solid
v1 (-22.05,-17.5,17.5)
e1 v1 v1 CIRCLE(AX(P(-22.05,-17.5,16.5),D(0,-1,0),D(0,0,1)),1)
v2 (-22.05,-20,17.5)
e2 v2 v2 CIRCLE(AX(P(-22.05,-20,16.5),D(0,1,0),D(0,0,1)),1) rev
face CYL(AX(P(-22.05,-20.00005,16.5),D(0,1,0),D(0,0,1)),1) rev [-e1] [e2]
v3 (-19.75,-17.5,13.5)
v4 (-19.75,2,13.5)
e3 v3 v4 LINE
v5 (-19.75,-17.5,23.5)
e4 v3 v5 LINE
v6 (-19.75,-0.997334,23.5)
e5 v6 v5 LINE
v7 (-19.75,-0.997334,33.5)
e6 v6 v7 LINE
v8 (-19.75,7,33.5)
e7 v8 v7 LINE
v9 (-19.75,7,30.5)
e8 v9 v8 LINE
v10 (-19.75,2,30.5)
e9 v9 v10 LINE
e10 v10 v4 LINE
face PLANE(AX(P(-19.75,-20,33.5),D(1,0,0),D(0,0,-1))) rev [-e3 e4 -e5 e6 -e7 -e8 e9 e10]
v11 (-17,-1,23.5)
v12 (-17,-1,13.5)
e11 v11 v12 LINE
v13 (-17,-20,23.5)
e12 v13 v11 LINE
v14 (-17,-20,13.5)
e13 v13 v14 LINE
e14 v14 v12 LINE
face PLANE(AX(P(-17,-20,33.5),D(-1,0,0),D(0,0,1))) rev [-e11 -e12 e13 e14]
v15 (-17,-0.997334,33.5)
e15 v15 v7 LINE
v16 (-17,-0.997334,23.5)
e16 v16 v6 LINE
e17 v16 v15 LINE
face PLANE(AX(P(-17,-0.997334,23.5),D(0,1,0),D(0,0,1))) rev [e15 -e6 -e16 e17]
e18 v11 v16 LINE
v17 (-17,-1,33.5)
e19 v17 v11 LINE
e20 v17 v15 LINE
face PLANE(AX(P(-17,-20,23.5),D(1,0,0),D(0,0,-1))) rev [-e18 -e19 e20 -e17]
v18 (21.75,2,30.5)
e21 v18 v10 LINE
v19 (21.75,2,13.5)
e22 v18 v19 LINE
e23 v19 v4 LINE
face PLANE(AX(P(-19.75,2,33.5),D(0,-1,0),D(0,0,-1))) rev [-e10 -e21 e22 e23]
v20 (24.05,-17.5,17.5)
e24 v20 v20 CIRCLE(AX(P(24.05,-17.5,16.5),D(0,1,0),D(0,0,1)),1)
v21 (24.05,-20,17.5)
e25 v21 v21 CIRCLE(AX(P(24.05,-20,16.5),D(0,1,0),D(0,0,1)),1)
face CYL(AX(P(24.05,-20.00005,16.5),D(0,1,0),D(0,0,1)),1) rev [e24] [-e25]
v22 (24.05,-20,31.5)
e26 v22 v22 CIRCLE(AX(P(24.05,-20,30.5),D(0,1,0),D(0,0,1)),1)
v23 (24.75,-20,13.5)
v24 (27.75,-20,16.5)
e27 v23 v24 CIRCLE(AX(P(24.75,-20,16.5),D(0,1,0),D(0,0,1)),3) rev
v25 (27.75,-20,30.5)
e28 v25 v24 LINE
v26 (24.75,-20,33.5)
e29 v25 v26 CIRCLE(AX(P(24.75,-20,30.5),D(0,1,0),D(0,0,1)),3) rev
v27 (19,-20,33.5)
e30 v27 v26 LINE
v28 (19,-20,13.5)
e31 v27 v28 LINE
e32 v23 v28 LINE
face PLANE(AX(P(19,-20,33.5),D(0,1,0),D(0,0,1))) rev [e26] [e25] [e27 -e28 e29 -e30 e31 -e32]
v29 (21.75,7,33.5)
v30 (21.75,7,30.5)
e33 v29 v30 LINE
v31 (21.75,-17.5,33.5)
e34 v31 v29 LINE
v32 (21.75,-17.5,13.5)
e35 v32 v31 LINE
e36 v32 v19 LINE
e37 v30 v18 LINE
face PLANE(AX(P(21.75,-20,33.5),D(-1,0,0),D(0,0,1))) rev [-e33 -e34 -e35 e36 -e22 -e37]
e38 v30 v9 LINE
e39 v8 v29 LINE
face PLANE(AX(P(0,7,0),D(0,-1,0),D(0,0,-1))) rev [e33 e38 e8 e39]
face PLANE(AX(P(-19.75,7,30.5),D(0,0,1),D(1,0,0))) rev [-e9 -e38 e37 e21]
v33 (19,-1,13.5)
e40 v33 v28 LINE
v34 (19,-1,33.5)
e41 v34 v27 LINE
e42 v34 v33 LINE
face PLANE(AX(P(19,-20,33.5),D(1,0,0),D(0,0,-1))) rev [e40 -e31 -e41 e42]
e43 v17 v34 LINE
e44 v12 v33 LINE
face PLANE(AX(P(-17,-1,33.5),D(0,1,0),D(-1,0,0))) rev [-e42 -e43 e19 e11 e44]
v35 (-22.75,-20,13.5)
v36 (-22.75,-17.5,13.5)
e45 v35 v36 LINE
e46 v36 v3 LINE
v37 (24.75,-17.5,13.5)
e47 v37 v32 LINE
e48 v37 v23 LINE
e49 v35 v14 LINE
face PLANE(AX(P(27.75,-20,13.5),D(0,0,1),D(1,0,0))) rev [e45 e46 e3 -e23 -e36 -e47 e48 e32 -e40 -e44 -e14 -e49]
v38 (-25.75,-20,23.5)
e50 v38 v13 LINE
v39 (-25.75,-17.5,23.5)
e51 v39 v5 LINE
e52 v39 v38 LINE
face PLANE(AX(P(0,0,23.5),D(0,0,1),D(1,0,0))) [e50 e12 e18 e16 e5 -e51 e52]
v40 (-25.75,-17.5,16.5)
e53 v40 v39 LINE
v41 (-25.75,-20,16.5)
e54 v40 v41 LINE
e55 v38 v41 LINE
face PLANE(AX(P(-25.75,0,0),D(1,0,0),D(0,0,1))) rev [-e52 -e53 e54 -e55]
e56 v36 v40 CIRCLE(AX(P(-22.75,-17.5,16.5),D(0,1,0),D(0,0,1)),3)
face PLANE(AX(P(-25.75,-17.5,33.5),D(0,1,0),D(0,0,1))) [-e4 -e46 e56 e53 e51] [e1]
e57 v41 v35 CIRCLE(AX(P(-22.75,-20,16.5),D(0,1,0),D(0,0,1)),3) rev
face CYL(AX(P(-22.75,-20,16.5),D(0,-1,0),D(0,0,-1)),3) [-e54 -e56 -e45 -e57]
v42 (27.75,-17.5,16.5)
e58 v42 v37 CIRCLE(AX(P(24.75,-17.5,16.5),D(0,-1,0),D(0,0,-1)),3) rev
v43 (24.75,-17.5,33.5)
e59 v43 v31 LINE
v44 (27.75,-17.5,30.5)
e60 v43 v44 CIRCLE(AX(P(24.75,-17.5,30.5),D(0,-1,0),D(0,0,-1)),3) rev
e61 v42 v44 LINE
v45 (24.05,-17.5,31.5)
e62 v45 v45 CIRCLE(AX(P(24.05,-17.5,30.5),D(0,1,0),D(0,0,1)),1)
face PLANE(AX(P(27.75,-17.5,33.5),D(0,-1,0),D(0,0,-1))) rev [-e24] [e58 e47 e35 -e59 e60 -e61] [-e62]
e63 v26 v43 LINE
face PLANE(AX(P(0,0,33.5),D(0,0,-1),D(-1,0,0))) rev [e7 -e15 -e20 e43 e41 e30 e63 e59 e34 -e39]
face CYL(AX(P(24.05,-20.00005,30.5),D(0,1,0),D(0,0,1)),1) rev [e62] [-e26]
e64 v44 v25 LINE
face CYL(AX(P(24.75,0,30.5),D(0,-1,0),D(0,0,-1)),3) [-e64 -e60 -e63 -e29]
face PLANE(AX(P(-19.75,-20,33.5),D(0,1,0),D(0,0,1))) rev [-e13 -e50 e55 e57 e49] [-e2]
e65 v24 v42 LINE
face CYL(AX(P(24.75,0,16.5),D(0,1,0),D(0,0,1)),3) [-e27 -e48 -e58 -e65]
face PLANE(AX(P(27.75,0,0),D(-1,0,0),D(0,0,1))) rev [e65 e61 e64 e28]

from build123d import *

# Parameters (mm, degrees)
BOSS_EXTRUDE1_DEPTH      = 33.5
SKETCH2_W                = 20
SKETCH2_H                = 2.5
BOSS_EXTRUDE2_DEPTH      = 6
SKETCH9_R                = 1
CORTE_EXTRUS_O1_DEPTH    = 48.67140128
FILETE1_R                = 3
ESBO_O12_W               = 41.5
ESBO_O12_H               = 3
RESSALTO_EXTRUS_O1_DEPTH = 5
FILETE1_OF_ESPELHAR1_R   = 3
ESBO_O14_W               = 12
ESBO_O14_H               = 19.002666305
CORTE_EXTRUS_O10_DEPTH   = 10
ESBO_O15_W               = 13.5
ESBO_O15_H               = 22.081303671
CORTE_EXTRUS_O11_DEPTH   = 62.469504634


with BuildPart() as part:
    # Sketch1 → Boss-Extrude1 (new body)
    with BuildSketch(Plane.XY):
        Polygon((19, -20), (21.75, -20), (21.75, 2), (-19.75, 2), (-19.75, -20), (-17, -20), (-17, -1), (19, -1), align=None)
    extrude(amount=BOSS_EXTRUDE1_DEPTH)

    # Sketch2 → Boss-Extrude2 (add)
    with BuildSketch(Plane(origin=(21.75, 0, 0), x_dir=(0, 0, -1), z_dir=(1, 0, 0))):
        with Locations((-23.5, -18.75)):
            Rectangle(SKETCH2_W, SKETCH2_H)
    boss_extrude2 = extrude(amount=BOSS_EXTRUDE2_DEPTH)

    # Sketch9 → Corte-extrusão1 (cut, through all)
    with BuildSketch(Plane(origin=(0, -17.5, 0), x_dir=(1, 0, 0), z_dir=(0, 1, 0))):
        with Locations(Location((24.05, -16.5, 0), (0, 0, 270))):
            Circle(SKETCH9_R)
        with Locations(Location((24.05, -30.5, 0), (0, 0, 270))):
            Circle(SKETCH9_R)
    corte_extrus_o1 = extrude(amount=-CORTE_EXTRUS_O1_DEPTH, mode=Mode.SUBTRACT)

    # Filete1
    filete1_edges = [part.edges().sort_by_distance(p)[0] for p in [
        (27.75, -18.75, 13.5),
        (27.75, -18.75, 33.5),
    ]]
    fillet(filete1_edges, radius=FILETE1_R)

    # Esboço12 → Ressalto-extrusão1 (add)
    with BuildSketch(Plane(origin=(0, 2, 0), x_dir=(1, 0, 0), z_dir=(0, 1, 0))):
        with Locations((1, -32)):
            Rectangle(ESBO_O12_W, ESBO_O12_H)
    extrude(amount=RESSALTO_EXTRUS_O1_DEPTH)

    # Espelhar1: Boss-Extrude2, Corte-extrusão1 across plane
    add(boss_extrude2.mirror(Plane(origin=(1, 0, 0), x_dir=(0, 0, 1), z_dir=(1, 0, 0))))
    add(corte_extrus_o1.mirror(Plane(origin=(1, 0, 0), x_dir=(0, 0, 1), z_dir=(1, 0, 0))), mode=Mode.SUBTRACT)

    # Filete1 of Espelhar1
    filete1_of_espelhar1_edges = [part.edges().sort_by_distance(p)[0] for p in [
        (-25.75, -18.75, 13.5),
        (-25.75, -18.75, 33.5),
    ]]
    fillet(filete1_of_espelhar1_edges, radius=FILETE1_OF_ESPELHAR1_R)

    # Esboço14 → Corte-extrusão10 (cut)
    with BuildSketch(Plane.XY.offset(33.5)):
        with Locations((-23, -10.498666848)):
            Rectangle(ESBO_O14_W, ESBO_O14_H)
    extrude(amount=-CORTE_EXTRUS_O10_DEPTH, mode=Mode.SUBTRACT)

    # Esboço15 → Corte-extrusão11 (cut, through all)
    with BuildSketch(Plane.ZY.offset(19.75)):
        with Locations((6.75, -8.959348164)):
            Rectangle(ESBO_O15_W, ESBO_O15_H)
    extrude(amount=-CORTE_EXTRUS_O11_DEPTH, mode=Mode.SUBTRACT)


solid = part.part
